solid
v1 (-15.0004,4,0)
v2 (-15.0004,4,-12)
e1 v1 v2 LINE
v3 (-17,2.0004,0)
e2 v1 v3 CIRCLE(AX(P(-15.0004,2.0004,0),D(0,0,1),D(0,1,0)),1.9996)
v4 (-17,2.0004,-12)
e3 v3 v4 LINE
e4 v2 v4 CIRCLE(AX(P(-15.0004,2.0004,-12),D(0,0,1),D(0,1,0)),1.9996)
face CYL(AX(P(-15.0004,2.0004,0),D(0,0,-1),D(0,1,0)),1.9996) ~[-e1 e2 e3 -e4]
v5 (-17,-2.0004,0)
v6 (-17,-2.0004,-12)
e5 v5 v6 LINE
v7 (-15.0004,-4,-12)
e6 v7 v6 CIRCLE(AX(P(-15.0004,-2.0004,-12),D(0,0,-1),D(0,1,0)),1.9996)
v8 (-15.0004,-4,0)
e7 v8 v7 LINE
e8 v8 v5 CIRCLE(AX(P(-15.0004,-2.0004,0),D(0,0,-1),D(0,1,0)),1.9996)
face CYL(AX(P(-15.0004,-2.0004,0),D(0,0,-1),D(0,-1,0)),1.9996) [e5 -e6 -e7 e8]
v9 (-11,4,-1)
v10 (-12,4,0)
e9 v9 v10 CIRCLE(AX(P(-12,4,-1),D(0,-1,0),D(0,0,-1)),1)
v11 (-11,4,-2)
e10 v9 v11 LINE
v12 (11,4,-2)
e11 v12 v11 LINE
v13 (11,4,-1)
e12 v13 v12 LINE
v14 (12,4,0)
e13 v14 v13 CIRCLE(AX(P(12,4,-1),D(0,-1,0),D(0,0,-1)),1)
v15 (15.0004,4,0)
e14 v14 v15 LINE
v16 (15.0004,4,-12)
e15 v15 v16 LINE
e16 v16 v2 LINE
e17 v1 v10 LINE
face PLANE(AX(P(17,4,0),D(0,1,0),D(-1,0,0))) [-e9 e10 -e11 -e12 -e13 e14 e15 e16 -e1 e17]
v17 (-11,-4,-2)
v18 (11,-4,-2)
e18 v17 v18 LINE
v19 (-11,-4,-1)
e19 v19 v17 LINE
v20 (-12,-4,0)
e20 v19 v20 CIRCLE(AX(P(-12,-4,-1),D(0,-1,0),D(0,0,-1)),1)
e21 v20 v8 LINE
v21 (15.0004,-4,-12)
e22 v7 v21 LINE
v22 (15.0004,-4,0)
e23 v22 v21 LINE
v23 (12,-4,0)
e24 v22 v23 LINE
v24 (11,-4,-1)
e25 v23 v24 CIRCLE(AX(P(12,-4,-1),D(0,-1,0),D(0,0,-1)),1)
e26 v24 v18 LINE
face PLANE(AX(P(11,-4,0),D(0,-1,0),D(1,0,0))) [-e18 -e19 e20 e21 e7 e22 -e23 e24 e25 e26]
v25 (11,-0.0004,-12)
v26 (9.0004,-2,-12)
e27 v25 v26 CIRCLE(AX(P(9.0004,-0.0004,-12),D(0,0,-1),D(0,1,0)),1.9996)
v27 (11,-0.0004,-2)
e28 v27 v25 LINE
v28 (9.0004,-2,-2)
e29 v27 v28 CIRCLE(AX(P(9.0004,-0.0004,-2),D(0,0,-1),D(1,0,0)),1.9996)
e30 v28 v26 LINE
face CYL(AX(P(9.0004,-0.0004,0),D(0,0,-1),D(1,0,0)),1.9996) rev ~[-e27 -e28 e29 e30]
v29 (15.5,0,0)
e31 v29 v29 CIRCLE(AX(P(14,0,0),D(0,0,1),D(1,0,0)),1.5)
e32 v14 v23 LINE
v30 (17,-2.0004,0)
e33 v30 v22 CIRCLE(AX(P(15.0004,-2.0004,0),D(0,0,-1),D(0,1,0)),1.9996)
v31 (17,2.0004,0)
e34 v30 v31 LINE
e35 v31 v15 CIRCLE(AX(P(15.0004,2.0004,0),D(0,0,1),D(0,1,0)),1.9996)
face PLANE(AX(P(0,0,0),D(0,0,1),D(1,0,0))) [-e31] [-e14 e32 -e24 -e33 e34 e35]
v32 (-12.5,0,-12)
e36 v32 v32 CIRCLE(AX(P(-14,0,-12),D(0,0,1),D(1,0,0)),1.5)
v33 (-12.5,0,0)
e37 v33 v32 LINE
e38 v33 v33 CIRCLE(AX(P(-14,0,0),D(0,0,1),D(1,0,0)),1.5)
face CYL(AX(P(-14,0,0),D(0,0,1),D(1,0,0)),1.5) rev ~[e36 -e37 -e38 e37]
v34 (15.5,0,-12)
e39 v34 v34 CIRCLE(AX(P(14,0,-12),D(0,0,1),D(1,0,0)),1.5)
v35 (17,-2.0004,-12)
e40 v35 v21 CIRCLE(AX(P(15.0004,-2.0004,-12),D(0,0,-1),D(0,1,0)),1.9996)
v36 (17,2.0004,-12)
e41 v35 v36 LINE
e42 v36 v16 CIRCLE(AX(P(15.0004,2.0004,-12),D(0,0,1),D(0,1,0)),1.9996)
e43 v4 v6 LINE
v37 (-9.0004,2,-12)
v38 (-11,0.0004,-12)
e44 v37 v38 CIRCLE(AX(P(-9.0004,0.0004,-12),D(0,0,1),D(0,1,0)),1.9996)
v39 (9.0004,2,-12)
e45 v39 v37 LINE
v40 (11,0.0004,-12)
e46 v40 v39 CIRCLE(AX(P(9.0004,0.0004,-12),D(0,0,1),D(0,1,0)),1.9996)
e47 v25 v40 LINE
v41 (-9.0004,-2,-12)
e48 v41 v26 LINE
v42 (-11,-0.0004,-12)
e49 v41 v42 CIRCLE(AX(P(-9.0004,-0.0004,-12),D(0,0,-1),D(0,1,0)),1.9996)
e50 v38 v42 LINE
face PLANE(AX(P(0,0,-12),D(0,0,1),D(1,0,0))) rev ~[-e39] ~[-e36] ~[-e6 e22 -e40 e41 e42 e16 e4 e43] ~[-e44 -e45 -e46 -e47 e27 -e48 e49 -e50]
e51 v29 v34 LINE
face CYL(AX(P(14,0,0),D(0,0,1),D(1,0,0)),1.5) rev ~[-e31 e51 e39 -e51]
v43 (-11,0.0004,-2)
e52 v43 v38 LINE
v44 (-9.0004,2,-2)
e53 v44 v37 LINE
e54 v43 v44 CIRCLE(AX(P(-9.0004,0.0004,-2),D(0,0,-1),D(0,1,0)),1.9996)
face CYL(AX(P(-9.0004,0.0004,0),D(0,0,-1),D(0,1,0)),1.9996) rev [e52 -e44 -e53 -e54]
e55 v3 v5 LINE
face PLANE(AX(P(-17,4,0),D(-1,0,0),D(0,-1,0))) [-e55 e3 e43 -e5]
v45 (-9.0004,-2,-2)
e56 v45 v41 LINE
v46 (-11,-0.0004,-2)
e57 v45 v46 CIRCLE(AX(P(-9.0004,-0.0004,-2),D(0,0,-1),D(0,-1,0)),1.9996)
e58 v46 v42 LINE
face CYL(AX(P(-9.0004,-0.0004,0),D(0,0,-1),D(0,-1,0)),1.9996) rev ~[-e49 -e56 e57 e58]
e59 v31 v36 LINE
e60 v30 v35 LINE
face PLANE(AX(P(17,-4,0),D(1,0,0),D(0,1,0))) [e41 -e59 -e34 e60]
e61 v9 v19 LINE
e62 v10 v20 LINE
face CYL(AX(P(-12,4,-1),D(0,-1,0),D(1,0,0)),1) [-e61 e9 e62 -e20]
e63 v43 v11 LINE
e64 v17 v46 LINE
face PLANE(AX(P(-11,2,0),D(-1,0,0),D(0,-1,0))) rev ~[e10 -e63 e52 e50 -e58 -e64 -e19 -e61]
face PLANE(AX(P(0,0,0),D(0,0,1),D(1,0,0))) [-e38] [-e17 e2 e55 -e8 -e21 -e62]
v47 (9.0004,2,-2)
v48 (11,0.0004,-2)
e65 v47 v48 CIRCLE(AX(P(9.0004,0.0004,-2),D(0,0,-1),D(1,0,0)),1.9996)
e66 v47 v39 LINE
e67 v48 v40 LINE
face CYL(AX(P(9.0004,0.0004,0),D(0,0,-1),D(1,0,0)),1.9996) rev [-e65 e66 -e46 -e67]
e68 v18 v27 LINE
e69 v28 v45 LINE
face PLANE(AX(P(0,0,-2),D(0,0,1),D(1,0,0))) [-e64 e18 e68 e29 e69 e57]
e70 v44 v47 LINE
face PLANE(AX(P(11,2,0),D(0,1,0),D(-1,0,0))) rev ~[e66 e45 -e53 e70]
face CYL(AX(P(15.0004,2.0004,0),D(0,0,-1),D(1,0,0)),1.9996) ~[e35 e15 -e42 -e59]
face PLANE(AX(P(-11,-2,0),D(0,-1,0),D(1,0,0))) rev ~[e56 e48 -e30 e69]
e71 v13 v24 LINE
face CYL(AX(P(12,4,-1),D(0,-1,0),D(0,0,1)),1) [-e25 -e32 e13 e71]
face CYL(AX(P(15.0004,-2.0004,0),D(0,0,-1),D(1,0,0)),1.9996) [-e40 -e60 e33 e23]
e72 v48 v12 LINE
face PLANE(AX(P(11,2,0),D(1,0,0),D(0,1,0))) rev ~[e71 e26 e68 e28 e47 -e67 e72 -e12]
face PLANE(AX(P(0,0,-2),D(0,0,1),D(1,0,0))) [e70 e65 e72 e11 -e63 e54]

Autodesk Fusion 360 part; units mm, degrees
sketch "Sketch1" plane through (0, 0, 0) normal (0, 0, 1) x (1, 0, 0)
  line L0 (17, 4) -> (-17, 4)
  line L1 (-17, 4) -> (-17, -4)
  line L2 (-17, -4) -> (17, -4)
  line L3 (17, -4) -> (17, 4)
  line L4 (17, 4) -> (-17, -4) construction
  line L5 (-17, 4) -> (17, -4) construction
  line L6 (0, 0) -> (14, 0) construction
  circle A0 centre (14, 0) radius 1.5
  line L7 (0, 0) -> (0, 4) construction
  circle A1 centre (-14, 0) radius 1.5
  line L8 (11, 2) -> (-11, 2)
  line L9 (-11, 2) -> (-11, -2)
  line L10 (-11, -2) -> (11, -2)
  line L11 (11, -2) -> (11, 2)
  line L12 (11, 2) -> (-11, -2) construction
  line L13 (-11, 2) -> (11, -2) construction
  line L14 (-11, -4) -> (11, -4)
  line L15 (11, -4) -> (11, 4)
  line L16 (11, 4) -> (-11, 4)
  line L17 (-11, 4) -> (-11, -4)
  line L18 (-11, -4) -> (11, 4) construction
  line L19 (11, -4) -> (-11, 4) construction
  dimension "d44" = 34
  dimension "d45" = 14
  dimension "d46" = 3
  dimension "d47" = 3
  dimension "d48" = 2
  dimension "d49" = 8
  dimension "d54" = 22
extrude "Extrude4" add sketch "Sketch1" against normal blind 12 contours L0 L2 L3 L11 L15 | L0 L8 L15 L16 L17 | L0 L1 L2 L9 L17 | L2 L10 L14 L15 L17
fillet "Fillet5" radius 2 8 edges at (-17, -4, -6) (17, -4, -6) (17, 4, -6) (-17, 4, -6) (-11, 2, -6) (-11, -2, -6) (11, -2, -6) (11, 2, -6)
thread "Thread4"
extrude "Extrude5" cut sketch "Sketch1" against normal blind 2 contours L0 L8 L15 L16 L17 | L8 L9 L10 L11 L15 L17 | L2 L10 L14 L15 L17
fillet "Fillet6" radius 1 2 edges at (-11, 0, 0) (11, 0, 0)
equation "d1 = ( 47 / 2 ) * 1 mm"
